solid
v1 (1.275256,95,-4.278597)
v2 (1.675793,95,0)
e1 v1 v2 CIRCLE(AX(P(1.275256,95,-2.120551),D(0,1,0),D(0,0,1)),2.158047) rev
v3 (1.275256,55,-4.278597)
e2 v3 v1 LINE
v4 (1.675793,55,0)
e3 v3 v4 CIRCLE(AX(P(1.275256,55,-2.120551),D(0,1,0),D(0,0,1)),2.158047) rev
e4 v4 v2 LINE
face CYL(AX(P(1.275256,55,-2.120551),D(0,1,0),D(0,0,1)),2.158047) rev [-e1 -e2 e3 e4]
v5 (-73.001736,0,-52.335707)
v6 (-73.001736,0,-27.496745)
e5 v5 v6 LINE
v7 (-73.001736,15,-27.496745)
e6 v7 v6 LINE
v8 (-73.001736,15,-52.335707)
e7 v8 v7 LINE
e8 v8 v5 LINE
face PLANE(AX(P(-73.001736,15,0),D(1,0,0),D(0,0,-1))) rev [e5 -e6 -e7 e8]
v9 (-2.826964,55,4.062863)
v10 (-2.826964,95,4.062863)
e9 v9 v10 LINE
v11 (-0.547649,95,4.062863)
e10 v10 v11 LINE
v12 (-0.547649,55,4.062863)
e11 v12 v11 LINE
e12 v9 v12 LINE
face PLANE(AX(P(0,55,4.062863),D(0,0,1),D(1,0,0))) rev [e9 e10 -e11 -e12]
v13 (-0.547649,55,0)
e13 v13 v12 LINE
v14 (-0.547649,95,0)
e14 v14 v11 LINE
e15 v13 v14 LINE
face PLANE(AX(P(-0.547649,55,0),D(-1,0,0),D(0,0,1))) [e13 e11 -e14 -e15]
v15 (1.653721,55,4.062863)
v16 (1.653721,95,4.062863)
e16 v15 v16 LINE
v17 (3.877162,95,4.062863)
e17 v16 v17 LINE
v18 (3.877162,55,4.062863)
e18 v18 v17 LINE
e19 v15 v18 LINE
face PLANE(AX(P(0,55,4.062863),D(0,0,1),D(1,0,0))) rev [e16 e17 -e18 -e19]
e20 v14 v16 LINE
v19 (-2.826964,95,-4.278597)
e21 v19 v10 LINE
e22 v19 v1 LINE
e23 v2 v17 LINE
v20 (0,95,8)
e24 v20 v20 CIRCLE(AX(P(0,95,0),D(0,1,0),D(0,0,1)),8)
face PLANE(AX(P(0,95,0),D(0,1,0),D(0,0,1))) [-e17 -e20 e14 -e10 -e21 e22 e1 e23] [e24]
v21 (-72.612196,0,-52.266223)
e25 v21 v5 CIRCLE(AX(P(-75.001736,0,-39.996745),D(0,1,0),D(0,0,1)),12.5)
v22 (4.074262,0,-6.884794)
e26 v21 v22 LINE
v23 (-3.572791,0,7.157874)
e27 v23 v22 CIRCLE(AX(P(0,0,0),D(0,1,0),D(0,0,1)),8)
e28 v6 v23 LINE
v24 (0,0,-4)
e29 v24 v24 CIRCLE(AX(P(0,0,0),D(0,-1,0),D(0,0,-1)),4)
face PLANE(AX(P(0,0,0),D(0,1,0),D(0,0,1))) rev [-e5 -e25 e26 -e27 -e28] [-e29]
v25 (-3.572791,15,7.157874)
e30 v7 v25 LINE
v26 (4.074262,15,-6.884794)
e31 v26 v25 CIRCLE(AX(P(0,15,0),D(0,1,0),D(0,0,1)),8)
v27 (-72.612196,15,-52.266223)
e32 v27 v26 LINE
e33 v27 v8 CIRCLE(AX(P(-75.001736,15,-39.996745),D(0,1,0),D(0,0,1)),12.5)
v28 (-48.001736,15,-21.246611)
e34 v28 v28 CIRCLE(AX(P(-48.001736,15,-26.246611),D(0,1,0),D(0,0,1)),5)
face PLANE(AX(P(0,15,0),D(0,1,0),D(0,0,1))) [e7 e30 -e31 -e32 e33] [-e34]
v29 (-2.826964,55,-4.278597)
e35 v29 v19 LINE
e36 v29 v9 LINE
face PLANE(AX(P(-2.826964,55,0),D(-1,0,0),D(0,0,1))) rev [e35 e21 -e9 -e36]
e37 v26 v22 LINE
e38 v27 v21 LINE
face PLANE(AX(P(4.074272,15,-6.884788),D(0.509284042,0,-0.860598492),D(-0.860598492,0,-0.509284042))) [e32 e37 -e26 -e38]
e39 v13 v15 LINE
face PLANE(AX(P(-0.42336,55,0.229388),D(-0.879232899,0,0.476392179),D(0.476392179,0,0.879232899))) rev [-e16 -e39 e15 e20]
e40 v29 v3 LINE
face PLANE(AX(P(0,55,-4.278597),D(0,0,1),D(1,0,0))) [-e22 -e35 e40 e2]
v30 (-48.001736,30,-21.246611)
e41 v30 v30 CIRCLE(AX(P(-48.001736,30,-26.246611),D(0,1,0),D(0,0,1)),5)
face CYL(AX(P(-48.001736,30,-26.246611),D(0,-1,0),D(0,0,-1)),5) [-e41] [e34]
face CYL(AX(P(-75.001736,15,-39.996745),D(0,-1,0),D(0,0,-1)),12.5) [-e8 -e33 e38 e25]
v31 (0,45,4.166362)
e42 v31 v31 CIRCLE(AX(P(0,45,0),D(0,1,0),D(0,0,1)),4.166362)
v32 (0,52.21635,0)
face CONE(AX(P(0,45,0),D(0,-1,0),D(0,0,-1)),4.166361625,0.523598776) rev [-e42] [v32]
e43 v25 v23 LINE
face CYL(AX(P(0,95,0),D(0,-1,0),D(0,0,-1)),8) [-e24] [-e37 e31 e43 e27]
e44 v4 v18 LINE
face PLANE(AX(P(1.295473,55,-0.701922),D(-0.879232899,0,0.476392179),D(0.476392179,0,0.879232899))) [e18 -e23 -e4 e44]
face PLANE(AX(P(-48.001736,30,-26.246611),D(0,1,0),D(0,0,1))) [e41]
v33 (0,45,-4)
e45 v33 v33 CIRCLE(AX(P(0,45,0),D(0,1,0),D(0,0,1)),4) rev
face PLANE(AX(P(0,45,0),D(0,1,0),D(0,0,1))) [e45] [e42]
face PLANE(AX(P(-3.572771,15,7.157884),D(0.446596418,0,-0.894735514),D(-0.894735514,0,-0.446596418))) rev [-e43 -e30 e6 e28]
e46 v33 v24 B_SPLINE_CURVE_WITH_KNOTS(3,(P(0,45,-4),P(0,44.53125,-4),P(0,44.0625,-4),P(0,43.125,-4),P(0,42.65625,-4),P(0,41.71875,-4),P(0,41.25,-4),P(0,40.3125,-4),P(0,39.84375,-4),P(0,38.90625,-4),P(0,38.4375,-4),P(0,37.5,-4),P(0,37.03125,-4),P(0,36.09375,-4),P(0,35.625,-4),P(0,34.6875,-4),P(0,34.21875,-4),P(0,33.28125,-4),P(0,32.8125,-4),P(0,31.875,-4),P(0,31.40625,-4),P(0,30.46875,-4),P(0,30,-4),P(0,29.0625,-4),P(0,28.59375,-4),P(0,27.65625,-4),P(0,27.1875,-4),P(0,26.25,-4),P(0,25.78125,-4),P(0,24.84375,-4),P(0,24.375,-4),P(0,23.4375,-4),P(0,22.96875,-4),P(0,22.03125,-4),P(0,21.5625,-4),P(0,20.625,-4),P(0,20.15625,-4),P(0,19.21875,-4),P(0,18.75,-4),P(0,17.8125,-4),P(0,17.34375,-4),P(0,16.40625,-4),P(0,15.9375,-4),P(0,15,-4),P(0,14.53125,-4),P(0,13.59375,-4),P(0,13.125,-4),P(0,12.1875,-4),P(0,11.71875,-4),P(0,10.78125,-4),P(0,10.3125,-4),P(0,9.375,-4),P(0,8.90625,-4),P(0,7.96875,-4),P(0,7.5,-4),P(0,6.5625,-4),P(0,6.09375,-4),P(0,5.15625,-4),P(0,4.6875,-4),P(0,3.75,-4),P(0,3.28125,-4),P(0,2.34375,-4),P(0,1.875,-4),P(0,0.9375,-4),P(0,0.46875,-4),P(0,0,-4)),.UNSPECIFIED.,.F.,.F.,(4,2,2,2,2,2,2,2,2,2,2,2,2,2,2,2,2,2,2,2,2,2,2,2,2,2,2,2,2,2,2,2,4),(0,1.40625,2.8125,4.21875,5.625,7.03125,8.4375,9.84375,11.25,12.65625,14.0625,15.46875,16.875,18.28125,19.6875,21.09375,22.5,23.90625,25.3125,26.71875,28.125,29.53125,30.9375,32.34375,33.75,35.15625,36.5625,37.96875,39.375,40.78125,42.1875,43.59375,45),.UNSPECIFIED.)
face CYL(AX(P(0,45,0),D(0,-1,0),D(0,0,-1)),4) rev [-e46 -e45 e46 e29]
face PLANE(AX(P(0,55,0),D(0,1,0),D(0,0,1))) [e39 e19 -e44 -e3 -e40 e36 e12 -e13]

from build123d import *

# Parameters (mm, degrees)
SKETCH1_R           = 8
BOSS_EXTRUDE1_DEPTH = 95
SKETCH2_R           = 4
CUT_EXTRUDE1_DEPTH  = 45
SKETCH4_W           = 2.279315198
SKETCH4_H           = 4.278597429
SKETCH4_H_2         = 4.06286311
CUT_EXTRUDE2_DEPTH  = 40
BOSS_EXTRUDE2_DEPTH = 15
SKETCH6_R           = 5
BOSS_EXTRUDE3_DEPTH = 15


with BuildPart() as part:
    # Sketch1 → Boss-Extrude1 (new body)
    with BuildSketch(Plane(origin=(0, 0, 0), x_dir=(1, 0, 0), z_dir=(0, 1, 0))):
        with Locations(Location((0, 0, 0), (0, 0, 270))):
            Circle(SKETCH1_R)
    extrude(amount=BOSS_EXTRUDE1_DEPTH)

    # Sketch2 → Cut-Extrude1 (cut)
    with BuildSketch(Plane.XZ):
        with Locations(Location((0, 0, 0), (0, 0, 270))):
            Circle(SKETCH2_R)
    extrude(amount=-CUT_EXTRUDE1_DEPTH, mode=Mode.SUBTRACT)

    # Sketch4 → Cut-Extrude2 (cut)
    with BuildSketch(Plane(origin=(0, 95, 0), x_dir=(1, 0, 0), z_dir=(0, 1, 0))):
        with BuildLine():
            Line((1.275256108, 4.278597429), (-0.547648504, 4.278597429))
            Line((-0.547648504, 4.278597429), (-0.547648504, 0))
            Line((-0.547648504, 0), (1.67579289, 0))
            ThreePointArc((1.67579289, 0), (3.423908341, 2.321694794), (1.275256108, 4.278597429))
        make_face()
        with Locations((-1.687306103, 2.139298715)):
            Rectangle(SKETCH4_W, SKETCH4_H)
        with Locations((-1.687306103, -2.031431555)):
            Rectangle(SKETCH4_W, SKETCH4_H_2)
        Polygon((1.67579289, 0), (-0.547648504, 0), (1.653720681, -4.06286311), (3.877162075, -4.06286311), align=None)
    extrude(amount=-CUT_EXTRUDE2_DEPTH, mode=Mode.SUBTRACT)

    # Sketch5 → Boss-Extrude2 (add)
    with BuildSketch(Plane(origin=(0, 0, 0), x_dir=(1, 0, 0), z_dir=(0, 1, 0))):
        with BuildLine():
            ThreePointArc((-62.501736138, 39.996744571), (-65.482019756, 31.895818698), (-73.001736138, 27.657781892))
            Line((-73.001736138, 27.657781892), (-73.001736138, 27.496744571))
            Line((-73.001736138, 27.496744571), (-3.57279106, -7.157874268))
            ThreePointArc((-3.57279106, -7.157874268), (-7.025809748, 3.825963588), (4.074261757, 6.884794197))
            Line((4.074261757, 6.884794197), (-65.396568509, 47.996166726))
            ThreePointArc((-65.396568509, 47.996166726), (-63.247702886, 44.250296301), (-62.501736138, 39.996744571))
        make_face()
        with BuildLine():
            ThreePointArc((-72.612195867, 52.266222852), (-72.806691043, 52.302506515), (-73.001736138, 52.33570725))
            Line((-73.001736138, 52.33570725), (-73.001736138, 27.657781892))
            ThreePointArc((-73.001736138, 27.657781892), (-65.482019756, 31.895818698), (-62.501736138, 39.996744571))
            ThreePointArc((-62.501736138, 39.996744571), (-63.247702886, 44.250296301), (-65.396568509, 47.996166726))
            Line((-65.396568509, 47.996166726), (-72.612195867, 52.266222852))
        make_face()
    extrude(amount=BOSS_EXTRUDE2_DEPTH)

    # Sketch6 → Boss-Extrude3 (add)
    with BuildSketch(Plane(origin=(0, 15, 0), x_dir=(1, 0, 0), z_dir=(0, 1, 0))):
        with Locations(Location((-48.001736138, 26.246610631, 0), (0, 0, 270))):
            Circle(SKETCH6_R)
    extrude(amount=BOSS_EXTRUDE3_DEPTH)

    # Sketch8 → Cut-Revolve1 (revolve, cut)
    with BuildSketch(Plane(origin=(0, 0, 0), x_dir=(-0.4149509310359906, 0, 0.909843791445743), z_dir=(0.909843791445743, 0, 0.4149509310359906)), mode=Mode.PRIVATE) as cut_revolve1_sk:
        Polygon((0, -45), (-4.166361625, -45), (0, -52.216350017), align=None)
    revolve(cut_revolve1_sk.sketch.rotate(Axis((0, 52.216350017, 0), (0, -1, 0)), 6.099837448), axis=Axis((0, 52.216350017, 0), (0, -1, 0)), mode=Mode.SUBTRACT)


solid = part.part
